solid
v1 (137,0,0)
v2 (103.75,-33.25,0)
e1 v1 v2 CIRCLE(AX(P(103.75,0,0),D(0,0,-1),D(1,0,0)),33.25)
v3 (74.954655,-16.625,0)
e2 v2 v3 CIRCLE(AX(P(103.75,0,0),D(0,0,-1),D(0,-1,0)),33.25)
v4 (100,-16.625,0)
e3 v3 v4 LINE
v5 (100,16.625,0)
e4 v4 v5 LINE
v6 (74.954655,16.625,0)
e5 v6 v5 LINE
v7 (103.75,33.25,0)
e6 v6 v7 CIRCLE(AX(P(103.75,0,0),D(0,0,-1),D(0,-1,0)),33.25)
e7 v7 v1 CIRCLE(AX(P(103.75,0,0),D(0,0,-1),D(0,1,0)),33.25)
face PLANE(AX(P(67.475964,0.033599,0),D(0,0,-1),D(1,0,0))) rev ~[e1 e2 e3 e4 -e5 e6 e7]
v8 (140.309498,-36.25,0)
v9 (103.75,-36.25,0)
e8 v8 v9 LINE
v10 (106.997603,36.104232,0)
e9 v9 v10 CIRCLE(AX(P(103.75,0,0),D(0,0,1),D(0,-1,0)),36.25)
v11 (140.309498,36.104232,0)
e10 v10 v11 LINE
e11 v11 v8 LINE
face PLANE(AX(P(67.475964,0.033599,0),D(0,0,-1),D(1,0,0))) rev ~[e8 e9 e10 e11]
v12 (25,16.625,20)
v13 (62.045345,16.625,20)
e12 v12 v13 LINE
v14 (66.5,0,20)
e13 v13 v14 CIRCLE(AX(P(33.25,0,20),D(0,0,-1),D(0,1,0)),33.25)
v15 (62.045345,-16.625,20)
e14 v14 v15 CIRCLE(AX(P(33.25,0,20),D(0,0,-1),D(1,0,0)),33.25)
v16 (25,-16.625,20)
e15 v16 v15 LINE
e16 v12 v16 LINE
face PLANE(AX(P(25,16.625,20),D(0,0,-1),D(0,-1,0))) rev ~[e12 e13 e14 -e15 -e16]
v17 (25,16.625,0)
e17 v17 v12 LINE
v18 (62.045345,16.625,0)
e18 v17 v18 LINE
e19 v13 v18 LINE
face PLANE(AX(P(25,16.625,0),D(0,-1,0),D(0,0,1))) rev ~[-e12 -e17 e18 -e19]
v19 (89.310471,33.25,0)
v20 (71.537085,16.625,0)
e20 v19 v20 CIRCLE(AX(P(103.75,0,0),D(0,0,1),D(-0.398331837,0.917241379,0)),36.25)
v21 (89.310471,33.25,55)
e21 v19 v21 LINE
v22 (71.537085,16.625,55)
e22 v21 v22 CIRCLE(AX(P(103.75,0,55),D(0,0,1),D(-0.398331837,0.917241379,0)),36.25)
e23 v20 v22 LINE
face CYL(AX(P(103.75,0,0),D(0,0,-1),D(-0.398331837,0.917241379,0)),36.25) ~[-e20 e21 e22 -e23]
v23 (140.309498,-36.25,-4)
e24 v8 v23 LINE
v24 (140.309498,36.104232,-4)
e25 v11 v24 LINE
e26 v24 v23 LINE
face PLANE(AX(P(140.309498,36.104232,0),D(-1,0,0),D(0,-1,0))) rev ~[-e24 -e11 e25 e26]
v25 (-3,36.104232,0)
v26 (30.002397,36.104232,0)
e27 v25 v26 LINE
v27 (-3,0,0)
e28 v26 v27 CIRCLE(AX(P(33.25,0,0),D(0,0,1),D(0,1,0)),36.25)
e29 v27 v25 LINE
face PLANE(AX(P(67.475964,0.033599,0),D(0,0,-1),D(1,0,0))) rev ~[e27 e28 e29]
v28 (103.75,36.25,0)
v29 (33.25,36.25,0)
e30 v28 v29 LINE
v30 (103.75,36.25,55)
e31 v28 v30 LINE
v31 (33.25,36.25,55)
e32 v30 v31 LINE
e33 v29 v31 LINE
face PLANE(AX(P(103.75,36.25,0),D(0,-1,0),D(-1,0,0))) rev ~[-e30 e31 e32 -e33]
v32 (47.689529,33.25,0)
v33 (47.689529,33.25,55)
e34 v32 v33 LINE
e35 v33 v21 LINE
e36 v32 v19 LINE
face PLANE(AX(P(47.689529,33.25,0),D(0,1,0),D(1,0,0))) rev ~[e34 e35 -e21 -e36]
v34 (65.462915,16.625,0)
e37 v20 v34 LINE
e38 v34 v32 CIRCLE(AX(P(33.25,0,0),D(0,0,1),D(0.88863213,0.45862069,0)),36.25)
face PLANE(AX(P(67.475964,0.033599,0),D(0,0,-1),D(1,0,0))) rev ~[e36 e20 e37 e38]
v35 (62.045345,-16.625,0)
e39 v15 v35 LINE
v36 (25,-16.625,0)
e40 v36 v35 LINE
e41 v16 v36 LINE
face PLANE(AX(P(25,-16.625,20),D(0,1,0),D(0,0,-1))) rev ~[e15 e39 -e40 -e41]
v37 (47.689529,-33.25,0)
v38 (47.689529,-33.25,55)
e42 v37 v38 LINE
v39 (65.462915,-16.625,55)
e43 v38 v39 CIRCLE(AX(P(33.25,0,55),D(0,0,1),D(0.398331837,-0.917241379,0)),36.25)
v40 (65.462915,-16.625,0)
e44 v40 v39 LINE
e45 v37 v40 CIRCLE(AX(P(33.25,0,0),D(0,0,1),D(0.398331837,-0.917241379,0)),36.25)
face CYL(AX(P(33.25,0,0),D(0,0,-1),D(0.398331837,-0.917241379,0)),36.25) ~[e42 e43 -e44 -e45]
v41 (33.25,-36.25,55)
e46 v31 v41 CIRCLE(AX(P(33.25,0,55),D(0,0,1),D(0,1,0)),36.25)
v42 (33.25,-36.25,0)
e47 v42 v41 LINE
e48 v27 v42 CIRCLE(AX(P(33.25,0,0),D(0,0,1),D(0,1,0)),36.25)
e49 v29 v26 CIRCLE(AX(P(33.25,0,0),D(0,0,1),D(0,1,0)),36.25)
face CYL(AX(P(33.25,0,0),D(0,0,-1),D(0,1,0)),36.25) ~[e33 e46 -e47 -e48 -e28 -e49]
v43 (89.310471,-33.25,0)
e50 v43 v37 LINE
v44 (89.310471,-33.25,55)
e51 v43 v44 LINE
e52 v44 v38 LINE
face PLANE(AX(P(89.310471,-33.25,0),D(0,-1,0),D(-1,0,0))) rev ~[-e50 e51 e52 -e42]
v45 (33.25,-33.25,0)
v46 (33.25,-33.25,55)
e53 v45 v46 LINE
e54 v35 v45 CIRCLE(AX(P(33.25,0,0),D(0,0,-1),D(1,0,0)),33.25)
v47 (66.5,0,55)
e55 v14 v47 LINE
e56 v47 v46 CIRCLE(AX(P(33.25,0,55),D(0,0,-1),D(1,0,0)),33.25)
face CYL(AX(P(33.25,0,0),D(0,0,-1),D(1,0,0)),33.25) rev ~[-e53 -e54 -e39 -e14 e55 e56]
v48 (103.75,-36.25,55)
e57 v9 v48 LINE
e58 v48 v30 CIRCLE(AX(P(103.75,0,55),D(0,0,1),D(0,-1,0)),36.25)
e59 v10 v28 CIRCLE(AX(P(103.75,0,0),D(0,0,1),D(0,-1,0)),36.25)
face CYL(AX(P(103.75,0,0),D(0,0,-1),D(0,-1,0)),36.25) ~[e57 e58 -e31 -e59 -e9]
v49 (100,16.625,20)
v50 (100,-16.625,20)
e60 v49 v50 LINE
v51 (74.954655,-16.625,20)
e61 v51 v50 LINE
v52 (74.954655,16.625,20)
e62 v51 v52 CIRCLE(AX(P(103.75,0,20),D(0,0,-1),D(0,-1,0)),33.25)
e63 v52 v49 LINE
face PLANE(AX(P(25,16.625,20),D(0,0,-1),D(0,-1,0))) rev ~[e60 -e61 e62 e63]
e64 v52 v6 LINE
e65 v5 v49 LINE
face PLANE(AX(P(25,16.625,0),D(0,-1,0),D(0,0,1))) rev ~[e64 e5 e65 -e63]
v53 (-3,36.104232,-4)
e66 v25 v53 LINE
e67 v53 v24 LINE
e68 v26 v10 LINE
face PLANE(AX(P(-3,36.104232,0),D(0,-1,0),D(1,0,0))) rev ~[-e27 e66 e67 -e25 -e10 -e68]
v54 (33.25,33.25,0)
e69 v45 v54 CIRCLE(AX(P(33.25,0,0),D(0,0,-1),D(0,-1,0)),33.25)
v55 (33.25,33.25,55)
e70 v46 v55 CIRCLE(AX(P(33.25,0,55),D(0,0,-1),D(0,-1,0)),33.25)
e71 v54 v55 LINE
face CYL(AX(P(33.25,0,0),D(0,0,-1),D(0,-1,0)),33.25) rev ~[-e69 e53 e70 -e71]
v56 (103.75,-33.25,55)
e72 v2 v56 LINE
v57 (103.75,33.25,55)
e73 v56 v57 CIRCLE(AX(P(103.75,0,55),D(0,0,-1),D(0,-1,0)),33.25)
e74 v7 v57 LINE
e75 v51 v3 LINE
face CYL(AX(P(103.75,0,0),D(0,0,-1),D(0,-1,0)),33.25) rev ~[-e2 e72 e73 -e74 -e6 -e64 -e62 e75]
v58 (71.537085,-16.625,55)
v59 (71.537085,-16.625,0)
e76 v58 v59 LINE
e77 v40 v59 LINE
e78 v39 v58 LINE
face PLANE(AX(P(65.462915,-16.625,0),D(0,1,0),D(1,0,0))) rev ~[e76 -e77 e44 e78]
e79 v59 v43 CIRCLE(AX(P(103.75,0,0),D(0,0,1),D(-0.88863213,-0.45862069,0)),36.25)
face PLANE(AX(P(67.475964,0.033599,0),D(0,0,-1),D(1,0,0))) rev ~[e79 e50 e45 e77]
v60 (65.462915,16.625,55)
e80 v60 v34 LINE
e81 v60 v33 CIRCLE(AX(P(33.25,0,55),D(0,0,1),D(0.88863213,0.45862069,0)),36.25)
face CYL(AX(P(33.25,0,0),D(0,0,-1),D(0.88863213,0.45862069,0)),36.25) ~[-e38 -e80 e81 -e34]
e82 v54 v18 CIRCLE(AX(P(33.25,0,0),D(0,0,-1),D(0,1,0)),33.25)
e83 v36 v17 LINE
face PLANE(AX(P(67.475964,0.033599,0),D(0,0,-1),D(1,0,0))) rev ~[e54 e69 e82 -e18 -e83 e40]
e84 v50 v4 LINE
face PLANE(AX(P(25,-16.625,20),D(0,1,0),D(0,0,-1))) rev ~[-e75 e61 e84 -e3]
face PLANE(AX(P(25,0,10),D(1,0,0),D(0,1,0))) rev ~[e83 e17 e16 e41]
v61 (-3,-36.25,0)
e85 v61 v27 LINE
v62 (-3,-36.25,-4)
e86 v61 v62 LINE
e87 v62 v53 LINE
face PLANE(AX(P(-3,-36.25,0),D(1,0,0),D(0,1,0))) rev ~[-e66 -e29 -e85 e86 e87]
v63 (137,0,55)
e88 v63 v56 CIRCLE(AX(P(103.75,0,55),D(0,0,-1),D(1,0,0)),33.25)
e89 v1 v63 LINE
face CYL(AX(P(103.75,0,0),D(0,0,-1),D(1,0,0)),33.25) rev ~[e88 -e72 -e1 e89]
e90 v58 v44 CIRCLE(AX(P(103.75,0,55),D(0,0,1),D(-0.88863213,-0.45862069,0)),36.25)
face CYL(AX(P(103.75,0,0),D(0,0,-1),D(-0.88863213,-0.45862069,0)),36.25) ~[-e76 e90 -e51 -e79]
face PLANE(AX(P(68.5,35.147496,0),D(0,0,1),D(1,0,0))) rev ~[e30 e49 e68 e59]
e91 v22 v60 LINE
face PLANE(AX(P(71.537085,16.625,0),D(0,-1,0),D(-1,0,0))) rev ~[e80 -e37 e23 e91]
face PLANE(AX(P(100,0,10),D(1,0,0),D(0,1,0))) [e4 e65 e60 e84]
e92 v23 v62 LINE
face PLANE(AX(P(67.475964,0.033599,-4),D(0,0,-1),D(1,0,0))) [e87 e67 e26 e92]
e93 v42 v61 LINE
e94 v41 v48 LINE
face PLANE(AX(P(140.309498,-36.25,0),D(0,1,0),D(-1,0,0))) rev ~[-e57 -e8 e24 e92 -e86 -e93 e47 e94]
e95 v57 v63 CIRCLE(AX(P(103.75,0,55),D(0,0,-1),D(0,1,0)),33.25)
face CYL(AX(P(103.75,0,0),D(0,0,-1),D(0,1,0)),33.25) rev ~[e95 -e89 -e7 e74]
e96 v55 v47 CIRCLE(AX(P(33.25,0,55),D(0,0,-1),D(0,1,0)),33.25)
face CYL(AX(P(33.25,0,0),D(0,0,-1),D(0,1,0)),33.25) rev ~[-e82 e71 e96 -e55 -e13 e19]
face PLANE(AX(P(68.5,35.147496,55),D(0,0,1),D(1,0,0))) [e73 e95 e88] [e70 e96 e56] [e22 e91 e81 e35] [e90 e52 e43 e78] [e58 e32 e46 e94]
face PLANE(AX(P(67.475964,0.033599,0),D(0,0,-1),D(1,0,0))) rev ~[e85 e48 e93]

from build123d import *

# Parameters (mm, degrees)
F2_START = 25
F2_DEPTH = 75
F3_DEPTH = 55
F5_DEPTH = 4


with BuildPart() as f2:
    # F1 (on Right) → F2 (new body)
    with BuildSketch(Plane.YZ.offset(F2_START)):
        Polygon((-16.625, 0), (0, 0), (16.625, 0), (16.625, 20), (-16.625, 20), align=None)
    extrude(amount=F2_DEPTH)

    # F0 (on Top) → F3 (join)
    with BuildSketch(Plane.XY):
        with BuildLine():
            ThreePointArc((33.25, 36.25), (40.6239406019, 35.4920765806), (47.6895290782, 33.25))
            Line((47.6895290782, 33.25), (89.3104709218, 33.25))
            ThreePointArc((89.3104709218, 33.25), (96.3760593981, 35.4920765806), (103.75, 36.25))
            Line((103.75, 36.25), (33.25, 36.25))
        make_face()
        with BuildLine():
            ThreePointArc((65.4629147238, 16.625), (58.0130830961, 26.4736135723), (47.6895290782, 33.25))
            ThreePointArc((47.6895290782, 33.25), (40.6239406019, 35.4920765806), (33.25, 36.25))
            ThreePointArc((33.25, 36.25), (-3, 0), (33.25, -36.25))
            ThreePointArc((33.25, -36.25), (40.6239406019, -35.4920765806), (47.6895290782, -33.25))
            ThreePointArc((47.6895290782, -33.25), (58.0130830961, -26.4736135723), (65.4629147238, -16.625))
            Line((65.4629147238, -16.625), (71.5370852762, -16.625))
            ThreePointArc((71.5370852762, -16.625), (78.9869169039, -26.4736135723), (89.3104709218, -33.25))
            ThreePointArc((89.3104709218, -33.25), (96.3760593981, -35.4920765806), (103.75, -36.25))
            ThreePointArc((103.75, -36.25), (140, 0), (103.75, 36.25))
            ThreePointArc((103.75, 36.25), (96.3760593981, 35.4920765806), (89.3104709218, 33.25))
            ThreePointArc((89.3104709218, 33.25), (78.9869169039, 26.4736135723), (71.5370852762, 16.625))
            Line((71.5370852762, 16.625), (65.4629147238, 16.625))
        make_face()
        with BuildLine():
            ThreePointArc((33.25, -33.25), (0, 0), (33.25, 33.25))
            ThreePointArc((33.25, 33.25), (56.7613004745, 23.5113004745), (66.5, 0))
            ThreePointArc((66.5, 0), (56.7613004745, -23.5113004745), (33.25, -33.25))
        make_face(mode=Mode.SUBTRACT)
        with BuildLine():
            ThreePointArc((137, 0), (127.2613004745, -23.5113004745), (103.75, -33.25))
            ThreePointArc((103.75, -33.25), (70.5, 0), (103.75, 33.25))
            ThreePointArc((103.75, 33.25), (127.2613004745, 23.5113004745), (137, 0))
        make_face(mode=Mode.SUBTRACT)
        with BuildLine():
            ThreePointArc((47.6895290782, -33.25), (40.6239406019, -35.4920765806), (33.25, -36.25))
            Line((33.25, -36.25), (103.75, -36.25))
            ThreePointArc((103.75, -36.25), (96.3760593981, -35.4920765806), (89.3104709218, -33.25))
            Line((89.3104709218, -33.25), (47.6895290782, -33.25))
        make_face()
    extrude(amount=F3_DEPTH)

    # F4 (on face) → F5 (join)
    with BuildSketch(Plane(origin=(0, 0, 0), x_dir=(1, 0, 0), z_dir=(0, 0, -1))):
        with BuildLine():
            Line((103.75, 36.25), (33.25, 36.25))
            ThreePointArc((33.25, 36.25), (7.6173792195, 25.6326208556), (-3, 1.062e-07))
            ThreePointArc((-3, 1.062e-07), (6.493803342, -24.4574822989), (30.0023968175, -36.1042320728))
            Line((30.0023968175, -36.1042320728), (106.9976031825, -36.1042320728))
            ThreePointArc((106.9976031825, -36.1042320728), (139.9635396823, 1.6254364583), (103.75, 36.25))
        make_face()
        with BuildLine():
            ThreePointArc((47.6895290782, -33.25), (58.0130830961, -26.4736135723), (65.4629147238, -16.625))
            Line((65.4629147238, -16.625), (71.5370852762, -16.625))
            ThreePointArc((71.5370852762, -16.625), (78.9869169039, -26.4736135723), (89.3104709218, -33.25))
            Line((89.3104709218, -33.25), (47.6895290782, -33.25))
        make_face(mode=Mode.SUBTRACT)
        with BuildLine():
            Line((100, 16.625), (74.9546553242, 16.625))
            ThreePointArc((74.9546553242, 16.625), (132.5453446758, 16.625), (103.75, -33.25))
            ThreePointArc((103.75, -33.25), (87.125, -28.7953446758), (74.9546553242, -16.625))
            Line((74.9546553242, -16.625), (100, -16.625))
            Line((100, -16.625), (100, 16.625))
        make_face(mode=Mode.SUBTRACT)
        with BuildLine():
            Line((25, -16.625), (62.0453446758, -16.625))
            ThreePointArc((62.0453446758, -16.625), (4.4546553242, -16.625), (33.25, 33.25))
            ThreePointArc((33.25, 33.25), (49.875, 28.7953446758), (62.0453446758, 16.625))
            Line((62.0453446758, 16.625), (25, 16.625))
            Line((25, 16.625), (25, -16.625))
        make_face(mode=Mode.SUBTRACT)
        with BuildLine():
            ThreePointArc((89.3104709218, 33.25), (78.9869169039, 26.4736135723), (71.5370852762, 16.625))
            Line((71.5370852762, 16.625), (65.4629147238, 16.625))
            ThreePointArc((65.4629147238, 16.625), (58.0130830961, 26.4736135723), (47.6895290782, 33.25))
            Line((47.6895290782, 33.25), (89.3104709218, 33.25))
        make_face(mode=Mode.SUBTRACT)
        with BuildLine():
            Line((33.25, 36.25), (-3, 36.25))
            Line((-3, 36.25), (-3, 1.062e-07))
            ThreePointArc((-3, 1.062e-07), (7.6173792195, 25.6326208556), (33.25, 36.25))
        make_face()
        with BuildLine():
            Line((140.309497714, 36.25), (103.75, 36.25))
            ThreePointArc((103.75, 36.25), (139.9635396823, 1.6254364583), (106.9976031825, -36.1042320728))
            Line((106.9976031825, -36.1042320728), (140.309497714, -36.1042320728))
            Line((140.309497714, -36.1042320728), (140.309497714, 36.25))
        make_face()
        with BuildLine():
            Line((65.4629147238, 16.625), (71.5370852762, 16.625))
            ThreePointArc((71.5370852762, 16.625), (78.9869169039, 26.4736135723), (89.3104709218, 33.25))
            Line((89.3104709218, 33.25), (47.6895290782, 33.25))
            ThreePointArc((47.6895290782, 33.25), (58.0130830961, 26.4736135723), (65.4629147238, 16.625))
        make_face()
        with BuildLine():
            ThreePointArc((33.25, 33.25), (4.4546553242, -16.625), (62.0453446758, -16.625))
            Line((62.0453446758, -16.625), (25, -16.625))
            Line((25, -16.625), (25, 16.625))
            Line((25, 16.625), (62.0453446758, 16.625))
            ThreePointArc((62.0453446758, 16.625), (49.875, 28.7953446758), (33.25, 33.25))
        make_face()
        with BuildLine():
            ThreePointArc((103.75, -33.25), (132.5453446758, 16.625), (74.9546553242, 16.625))
            Line((74.9546553242, 16.625), (100, 16.625))
            Line((100, 16.625), (100, -16.625))
            Line((100, -16.625), (74.9546553242, -16.625))
            ThreePointArc((74.9546553242, -16.625), (87.125, -28.7953446758), (103.75, -33.25))
        make_face()
        with BuildLine():
            Line((71.5370852762, -16.625), (65.4629147238, -16.625))
            ThreePointArc((65.4629147238, -16.625), (58.0130830961, -26.4736135723), (47.6895290782, -33.25))
            Line((47.6895290782, -33.25), (89.3104709218, -33.25))
            ThreePointArc((89.3104709218, -33.25), (78.9869169039, -26.4736135723), (71.5370852762, -16.625))
        make_face()
        with BuildLine():
            ThreePointArc((30.0023968175, -36.1042320728), (6.493803342, -24.4574822989), (-3, 1.062e-07))
            Line((-3, 1.062e-07), (-3, -36.1042320728))
            Line((-3, -36.1042320728), (30.0023968175, -36.1042320728))
        make_face()
    extrude(amount=F5_DEPTH)


solid = f2.part
